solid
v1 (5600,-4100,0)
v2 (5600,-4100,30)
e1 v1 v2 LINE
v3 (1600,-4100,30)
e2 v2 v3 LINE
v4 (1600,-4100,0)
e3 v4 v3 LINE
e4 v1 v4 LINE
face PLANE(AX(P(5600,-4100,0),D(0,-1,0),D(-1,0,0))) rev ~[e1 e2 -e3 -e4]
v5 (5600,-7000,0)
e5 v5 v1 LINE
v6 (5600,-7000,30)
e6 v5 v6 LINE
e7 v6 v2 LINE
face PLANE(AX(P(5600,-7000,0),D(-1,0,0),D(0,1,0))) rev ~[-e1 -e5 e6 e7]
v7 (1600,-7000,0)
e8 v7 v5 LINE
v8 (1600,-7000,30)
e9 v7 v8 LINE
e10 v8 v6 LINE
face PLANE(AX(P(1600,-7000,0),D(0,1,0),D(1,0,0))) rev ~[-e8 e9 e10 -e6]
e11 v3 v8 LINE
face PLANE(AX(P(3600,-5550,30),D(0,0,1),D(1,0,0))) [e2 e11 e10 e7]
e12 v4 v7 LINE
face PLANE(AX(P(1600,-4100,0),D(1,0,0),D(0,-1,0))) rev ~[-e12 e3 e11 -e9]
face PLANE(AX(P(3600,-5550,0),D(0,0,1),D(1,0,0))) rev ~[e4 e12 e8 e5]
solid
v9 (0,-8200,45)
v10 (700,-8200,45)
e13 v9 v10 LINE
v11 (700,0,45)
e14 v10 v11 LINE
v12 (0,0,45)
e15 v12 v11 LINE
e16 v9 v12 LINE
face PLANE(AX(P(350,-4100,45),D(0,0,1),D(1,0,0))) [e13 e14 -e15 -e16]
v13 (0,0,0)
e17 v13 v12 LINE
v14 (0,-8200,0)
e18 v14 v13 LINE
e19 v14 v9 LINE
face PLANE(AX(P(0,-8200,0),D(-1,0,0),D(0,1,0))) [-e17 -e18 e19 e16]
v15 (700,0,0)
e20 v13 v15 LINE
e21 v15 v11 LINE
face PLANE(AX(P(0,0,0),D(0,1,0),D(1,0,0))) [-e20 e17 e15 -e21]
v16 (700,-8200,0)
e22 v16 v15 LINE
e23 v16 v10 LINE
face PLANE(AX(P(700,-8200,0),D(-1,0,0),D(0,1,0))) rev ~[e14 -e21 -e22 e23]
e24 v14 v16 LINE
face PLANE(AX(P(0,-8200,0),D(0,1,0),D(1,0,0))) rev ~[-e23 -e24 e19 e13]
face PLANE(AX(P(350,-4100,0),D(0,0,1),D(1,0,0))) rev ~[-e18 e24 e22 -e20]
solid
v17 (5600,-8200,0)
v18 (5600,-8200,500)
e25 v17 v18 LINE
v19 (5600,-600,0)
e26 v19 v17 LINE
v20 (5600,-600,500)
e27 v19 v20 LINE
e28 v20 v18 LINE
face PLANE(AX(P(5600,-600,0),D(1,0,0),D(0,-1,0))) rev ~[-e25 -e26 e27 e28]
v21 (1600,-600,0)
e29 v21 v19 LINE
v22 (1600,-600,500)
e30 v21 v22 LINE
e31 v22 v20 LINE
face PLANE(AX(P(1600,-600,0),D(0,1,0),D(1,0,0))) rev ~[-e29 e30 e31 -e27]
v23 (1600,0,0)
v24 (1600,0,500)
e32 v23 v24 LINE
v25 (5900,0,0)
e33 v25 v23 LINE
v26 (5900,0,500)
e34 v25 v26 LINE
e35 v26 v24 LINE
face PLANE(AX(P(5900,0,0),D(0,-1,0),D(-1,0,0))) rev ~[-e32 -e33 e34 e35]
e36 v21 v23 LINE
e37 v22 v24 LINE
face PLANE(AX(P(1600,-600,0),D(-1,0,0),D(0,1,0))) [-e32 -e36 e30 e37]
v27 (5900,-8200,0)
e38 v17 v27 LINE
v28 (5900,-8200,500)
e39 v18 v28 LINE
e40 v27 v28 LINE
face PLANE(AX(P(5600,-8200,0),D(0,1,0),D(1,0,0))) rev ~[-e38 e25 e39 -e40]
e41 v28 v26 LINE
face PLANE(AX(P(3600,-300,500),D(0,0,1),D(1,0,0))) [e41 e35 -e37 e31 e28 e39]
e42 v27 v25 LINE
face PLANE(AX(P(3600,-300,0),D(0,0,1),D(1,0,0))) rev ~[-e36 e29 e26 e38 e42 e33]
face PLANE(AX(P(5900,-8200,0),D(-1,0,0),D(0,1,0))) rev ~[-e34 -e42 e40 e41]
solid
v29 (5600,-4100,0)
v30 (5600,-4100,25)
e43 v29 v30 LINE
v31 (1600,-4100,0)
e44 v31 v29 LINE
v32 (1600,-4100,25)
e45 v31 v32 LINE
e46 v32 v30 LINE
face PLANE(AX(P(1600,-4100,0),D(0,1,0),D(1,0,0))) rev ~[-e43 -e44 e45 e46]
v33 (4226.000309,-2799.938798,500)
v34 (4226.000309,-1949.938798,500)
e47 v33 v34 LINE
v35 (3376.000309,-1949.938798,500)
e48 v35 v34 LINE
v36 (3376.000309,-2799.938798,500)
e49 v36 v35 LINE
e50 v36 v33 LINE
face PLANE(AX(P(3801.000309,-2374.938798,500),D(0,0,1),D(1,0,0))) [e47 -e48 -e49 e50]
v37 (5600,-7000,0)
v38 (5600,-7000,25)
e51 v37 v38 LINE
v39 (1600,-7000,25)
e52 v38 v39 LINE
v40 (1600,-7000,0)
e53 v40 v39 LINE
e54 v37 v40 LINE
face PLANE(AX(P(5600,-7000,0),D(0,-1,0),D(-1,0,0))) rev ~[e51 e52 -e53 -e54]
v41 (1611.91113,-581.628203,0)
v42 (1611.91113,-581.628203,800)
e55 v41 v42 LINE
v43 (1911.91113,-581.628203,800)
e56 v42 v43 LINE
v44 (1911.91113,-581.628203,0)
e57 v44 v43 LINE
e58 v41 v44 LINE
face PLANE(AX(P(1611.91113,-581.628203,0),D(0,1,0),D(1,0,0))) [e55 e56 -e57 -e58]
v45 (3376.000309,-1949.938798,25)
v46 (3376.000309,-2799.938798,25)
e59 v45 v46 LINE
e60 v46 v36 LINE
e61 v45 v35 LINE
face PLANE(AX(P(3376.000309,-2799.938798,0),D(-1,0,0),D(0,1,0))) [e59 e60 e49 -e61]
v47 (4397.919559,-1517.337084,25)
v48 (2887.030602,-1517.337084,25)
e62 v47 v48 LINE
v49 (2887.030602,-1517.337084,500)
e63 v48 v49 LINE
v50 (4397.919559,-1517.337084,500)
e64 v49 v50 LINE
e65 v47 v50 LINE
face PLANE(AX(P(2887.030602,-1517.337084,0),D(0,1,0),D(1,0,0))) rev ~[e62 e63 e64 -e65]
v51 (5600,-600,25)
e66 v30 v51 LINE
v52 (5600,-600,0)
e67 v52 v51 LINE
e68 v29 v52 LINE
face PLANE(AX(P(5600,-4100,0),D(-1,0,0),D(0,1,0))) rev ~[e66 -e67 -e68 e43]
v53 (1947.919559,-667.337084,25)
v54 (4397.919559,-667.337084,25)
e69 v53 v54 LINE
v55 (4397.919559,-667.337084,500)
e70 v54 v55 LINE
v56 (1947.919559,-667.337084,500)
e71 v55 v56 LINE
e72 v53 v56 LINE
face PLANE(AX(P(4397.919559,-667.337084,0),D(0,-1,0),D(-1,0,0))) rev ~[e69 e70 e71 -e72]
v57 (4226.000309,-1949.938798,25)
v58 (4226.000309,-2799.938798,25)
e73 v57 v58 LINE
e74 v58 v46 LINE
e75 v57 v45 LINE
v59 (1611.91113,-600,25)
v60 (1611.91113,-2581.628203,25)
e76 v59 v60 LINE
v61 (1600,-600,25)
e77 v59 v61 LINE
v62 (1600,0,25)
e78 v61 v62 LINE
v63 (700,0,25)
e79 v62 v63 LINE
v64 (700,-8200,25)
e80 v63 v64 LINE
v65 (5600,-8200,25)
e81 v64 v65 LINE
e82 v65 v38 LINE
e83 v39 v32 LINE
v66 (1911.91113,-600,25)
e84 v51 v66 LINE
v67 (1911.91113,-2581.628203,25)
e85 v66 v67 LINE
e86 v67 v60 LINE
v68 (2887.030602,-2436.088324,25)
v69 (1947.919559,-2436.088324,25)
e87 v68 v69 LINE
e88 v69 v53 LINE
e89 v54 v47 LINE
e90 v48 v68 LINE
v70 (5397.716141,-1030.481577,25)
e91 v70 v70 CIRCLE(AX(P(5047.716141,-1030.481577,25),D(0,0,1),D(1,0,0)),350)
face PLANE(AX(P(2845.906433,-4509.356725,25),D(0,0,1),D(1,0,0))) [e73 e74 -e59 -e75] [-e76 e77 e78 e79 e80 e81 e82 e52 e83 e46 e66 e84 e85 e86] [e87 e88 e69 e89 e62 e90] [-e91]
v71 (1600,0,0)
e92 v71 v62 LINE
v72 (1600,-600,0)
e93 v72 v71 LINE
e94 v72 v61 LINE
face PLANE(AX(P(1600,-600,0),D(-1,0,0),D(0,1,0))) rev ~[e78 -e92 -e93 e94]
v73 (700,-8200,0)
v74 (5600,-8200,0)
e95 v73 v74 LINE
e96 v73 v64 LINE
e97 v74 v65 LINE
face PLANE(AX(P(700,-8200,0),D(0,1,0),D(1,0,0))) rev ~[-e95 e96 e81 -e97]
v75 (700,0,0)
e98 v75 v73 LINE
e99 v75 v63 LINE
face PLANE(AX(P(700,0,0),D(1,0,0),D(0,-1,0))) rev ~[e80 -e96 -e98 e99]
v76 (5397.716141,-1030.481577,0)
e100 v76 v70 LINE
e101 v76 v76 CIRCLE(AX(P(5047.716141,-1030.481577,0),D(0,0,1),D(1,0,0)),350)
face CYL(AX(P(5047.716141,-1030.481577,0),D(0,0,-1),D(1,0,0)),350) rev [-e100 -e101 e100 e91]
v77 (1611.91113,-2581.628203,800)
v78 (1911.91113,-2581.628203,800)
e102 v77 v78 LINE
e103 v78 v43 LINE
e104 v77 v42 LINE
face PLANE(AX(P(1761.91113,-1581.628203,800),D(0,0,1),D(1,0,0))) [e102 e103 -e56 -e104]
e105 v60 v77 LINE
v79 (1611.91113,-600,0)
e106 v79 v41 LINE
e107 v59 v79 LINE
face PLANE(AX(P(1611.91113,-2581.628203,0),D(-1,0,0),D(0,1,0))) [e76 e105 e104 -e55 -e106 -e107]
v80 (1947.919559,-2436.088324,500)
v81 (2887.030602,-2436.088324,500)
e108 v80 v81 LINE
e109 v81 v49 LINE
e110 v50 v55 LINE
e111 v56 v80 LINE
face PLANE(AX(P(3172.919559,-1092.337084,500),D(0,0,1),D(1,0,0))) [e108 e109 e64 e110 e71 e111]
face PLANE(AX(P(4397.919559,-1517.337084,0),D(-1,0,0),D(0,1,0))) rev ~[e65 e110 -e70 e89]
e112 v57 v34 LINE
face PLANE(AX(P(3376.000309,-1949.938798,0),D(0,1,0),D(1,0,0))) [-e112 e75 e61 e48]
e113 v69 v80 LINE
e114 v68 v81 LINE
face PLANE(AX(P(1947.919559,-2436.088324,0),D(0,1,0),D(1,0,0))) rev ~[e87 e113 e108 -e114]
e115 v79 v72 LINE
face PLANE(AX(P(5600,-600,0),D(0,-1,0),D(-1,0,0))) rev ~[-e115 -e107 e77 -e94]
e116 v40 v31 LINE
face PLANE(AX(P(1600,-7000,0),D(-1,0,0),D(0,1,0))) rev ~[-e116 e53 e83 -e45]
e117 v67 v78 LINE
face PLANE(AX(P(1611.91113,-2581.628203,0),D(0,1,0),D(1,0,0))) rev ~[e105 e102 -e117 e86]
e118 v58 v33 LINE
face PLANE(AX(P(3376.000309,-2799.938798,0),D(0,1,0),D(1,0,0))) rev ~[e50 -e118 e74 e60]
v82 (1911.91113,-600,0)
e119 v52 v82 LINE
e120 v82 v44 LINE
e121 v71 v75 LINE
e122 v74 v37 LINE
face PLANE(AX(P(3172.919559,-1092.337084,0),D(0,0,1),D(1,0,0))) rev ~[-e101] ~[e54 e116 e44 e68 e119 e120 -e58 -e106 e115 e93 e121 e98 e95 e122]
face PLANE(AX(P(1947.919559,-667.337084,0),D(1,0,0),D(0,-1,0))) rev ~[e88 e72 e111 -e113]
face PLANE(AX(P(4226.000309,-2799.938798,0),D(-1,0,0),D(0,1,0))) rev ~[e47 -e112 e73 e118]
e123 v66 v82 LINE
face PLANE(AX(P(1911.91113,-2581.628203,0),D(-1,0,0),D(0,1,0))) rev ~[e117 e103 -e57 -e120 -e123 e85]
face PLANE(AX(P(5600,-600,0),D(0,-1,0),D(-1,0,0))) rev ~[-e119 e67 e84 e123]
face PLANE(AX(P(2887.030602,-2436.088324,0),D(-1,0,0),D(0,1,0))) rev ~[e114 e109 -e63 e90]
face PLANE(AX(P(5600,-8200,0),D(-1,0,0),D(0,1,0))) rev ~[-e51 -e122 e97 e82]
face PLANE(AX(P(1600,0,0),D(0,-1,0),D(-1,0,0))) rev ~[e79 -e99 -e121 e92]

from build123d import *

# Parameters (mm, degrees)
F0_W     = 4000
F0_H     = 600
F1_DEPTH = 500
F0_R     = 350
F2_DEPTH = 25
F0_W_2   = 700
F0_H_2   = 8200
F3_DEPTH = 45
F4_DEPTH = 30
F5_W     = 939.1110420227
F5_H     = 918.7512397766
F5_W_2   = 850
F5_H_2   = 850
F6_DEPTH = 500
F7_W     = 300
F7_H     = 2000
F8_DEPTH = 800


with BuildPart() as f1:
    # F0 (on Top) → F1 (new body)
    with BuildSketch(Plane.XY):
        with Locations((3600, -300)):
            Rectangle(F0_W, F0_H)
        Polygon((5900, 0), (5600, 0), (5600, -600), (5600, -4100), (5600, -7000), (5600, -8200), (5900, -8200), align=None)
    extrude(amount=F1_DEPTH)


with BuildPart() as f2:
    # F0 (on Top) → F2 (new body)
    with BuildSketch(Plane.XY):
        Polygon((1600, 0), (700, 0), (700, -8200), (5600, -8200), (5600, -7000), (2500, -7000), (1600, -7000), (1600, -4100), (5600, -4100), (5600, -600), (1600, -600), align=None)
        with Locations((5047.7161407471, -1030.4815769196)):
            Circle(F0_R, mode=Mode.SUBTRACT)
    extrude(amount=F2_DEPTH)

    # F5 (on Top) → F6 (join)
    with BuildSketch(Plane.XY):
        Polygon((4397.9195594788, -667.3370838165), (1947.9195594788, -667.3370838165), (1947.9195594788, -1517.3370838165), (2887.0306015015, -1517.3370838165), (4397.9195594788, -1517.3370838165), align=None)
        with Locations((2417.4750804901, -1976.7127037048)):
            Rectangle(F5_W, F5_H)
        with Locations((3801.0003089905, -2374.9387979507)):
            Rectangle(F5_W_2, F5_H_2)
    extrude(amount=F6_DEPTH)

    # F7 (on Top) → F8 (join)
    with BuildSketch(Plane.XY):
        with Locations((1761.9111299515, -1581.628203392)):
            Rectangle(F7_W, F7_H)
    extrude(amount=F8_DEPTH)


with BuildPart() as f3:
    # F0 (on Top) → F3 (new body)
    with BuildSketch(Plane.XY):
        with Locations((350, -4100)):
            Rectangle(F0_W_2, F0_H_2)
    extrude(amount=F3_DEPTH)


with BuildPart() as f4:
    # F0 (on Top) → F4 (new body)
    with BuildSketch(Plane.XY):
        Polygon((2500, -7000), (5600, -7000), (5600, -4100), (1600, -4100), (1600, -7000), align=None)
    extrude(amount=F4_DEPTH)


solid = Compound([f1.part, f2.part, f3.part, f4.part])
